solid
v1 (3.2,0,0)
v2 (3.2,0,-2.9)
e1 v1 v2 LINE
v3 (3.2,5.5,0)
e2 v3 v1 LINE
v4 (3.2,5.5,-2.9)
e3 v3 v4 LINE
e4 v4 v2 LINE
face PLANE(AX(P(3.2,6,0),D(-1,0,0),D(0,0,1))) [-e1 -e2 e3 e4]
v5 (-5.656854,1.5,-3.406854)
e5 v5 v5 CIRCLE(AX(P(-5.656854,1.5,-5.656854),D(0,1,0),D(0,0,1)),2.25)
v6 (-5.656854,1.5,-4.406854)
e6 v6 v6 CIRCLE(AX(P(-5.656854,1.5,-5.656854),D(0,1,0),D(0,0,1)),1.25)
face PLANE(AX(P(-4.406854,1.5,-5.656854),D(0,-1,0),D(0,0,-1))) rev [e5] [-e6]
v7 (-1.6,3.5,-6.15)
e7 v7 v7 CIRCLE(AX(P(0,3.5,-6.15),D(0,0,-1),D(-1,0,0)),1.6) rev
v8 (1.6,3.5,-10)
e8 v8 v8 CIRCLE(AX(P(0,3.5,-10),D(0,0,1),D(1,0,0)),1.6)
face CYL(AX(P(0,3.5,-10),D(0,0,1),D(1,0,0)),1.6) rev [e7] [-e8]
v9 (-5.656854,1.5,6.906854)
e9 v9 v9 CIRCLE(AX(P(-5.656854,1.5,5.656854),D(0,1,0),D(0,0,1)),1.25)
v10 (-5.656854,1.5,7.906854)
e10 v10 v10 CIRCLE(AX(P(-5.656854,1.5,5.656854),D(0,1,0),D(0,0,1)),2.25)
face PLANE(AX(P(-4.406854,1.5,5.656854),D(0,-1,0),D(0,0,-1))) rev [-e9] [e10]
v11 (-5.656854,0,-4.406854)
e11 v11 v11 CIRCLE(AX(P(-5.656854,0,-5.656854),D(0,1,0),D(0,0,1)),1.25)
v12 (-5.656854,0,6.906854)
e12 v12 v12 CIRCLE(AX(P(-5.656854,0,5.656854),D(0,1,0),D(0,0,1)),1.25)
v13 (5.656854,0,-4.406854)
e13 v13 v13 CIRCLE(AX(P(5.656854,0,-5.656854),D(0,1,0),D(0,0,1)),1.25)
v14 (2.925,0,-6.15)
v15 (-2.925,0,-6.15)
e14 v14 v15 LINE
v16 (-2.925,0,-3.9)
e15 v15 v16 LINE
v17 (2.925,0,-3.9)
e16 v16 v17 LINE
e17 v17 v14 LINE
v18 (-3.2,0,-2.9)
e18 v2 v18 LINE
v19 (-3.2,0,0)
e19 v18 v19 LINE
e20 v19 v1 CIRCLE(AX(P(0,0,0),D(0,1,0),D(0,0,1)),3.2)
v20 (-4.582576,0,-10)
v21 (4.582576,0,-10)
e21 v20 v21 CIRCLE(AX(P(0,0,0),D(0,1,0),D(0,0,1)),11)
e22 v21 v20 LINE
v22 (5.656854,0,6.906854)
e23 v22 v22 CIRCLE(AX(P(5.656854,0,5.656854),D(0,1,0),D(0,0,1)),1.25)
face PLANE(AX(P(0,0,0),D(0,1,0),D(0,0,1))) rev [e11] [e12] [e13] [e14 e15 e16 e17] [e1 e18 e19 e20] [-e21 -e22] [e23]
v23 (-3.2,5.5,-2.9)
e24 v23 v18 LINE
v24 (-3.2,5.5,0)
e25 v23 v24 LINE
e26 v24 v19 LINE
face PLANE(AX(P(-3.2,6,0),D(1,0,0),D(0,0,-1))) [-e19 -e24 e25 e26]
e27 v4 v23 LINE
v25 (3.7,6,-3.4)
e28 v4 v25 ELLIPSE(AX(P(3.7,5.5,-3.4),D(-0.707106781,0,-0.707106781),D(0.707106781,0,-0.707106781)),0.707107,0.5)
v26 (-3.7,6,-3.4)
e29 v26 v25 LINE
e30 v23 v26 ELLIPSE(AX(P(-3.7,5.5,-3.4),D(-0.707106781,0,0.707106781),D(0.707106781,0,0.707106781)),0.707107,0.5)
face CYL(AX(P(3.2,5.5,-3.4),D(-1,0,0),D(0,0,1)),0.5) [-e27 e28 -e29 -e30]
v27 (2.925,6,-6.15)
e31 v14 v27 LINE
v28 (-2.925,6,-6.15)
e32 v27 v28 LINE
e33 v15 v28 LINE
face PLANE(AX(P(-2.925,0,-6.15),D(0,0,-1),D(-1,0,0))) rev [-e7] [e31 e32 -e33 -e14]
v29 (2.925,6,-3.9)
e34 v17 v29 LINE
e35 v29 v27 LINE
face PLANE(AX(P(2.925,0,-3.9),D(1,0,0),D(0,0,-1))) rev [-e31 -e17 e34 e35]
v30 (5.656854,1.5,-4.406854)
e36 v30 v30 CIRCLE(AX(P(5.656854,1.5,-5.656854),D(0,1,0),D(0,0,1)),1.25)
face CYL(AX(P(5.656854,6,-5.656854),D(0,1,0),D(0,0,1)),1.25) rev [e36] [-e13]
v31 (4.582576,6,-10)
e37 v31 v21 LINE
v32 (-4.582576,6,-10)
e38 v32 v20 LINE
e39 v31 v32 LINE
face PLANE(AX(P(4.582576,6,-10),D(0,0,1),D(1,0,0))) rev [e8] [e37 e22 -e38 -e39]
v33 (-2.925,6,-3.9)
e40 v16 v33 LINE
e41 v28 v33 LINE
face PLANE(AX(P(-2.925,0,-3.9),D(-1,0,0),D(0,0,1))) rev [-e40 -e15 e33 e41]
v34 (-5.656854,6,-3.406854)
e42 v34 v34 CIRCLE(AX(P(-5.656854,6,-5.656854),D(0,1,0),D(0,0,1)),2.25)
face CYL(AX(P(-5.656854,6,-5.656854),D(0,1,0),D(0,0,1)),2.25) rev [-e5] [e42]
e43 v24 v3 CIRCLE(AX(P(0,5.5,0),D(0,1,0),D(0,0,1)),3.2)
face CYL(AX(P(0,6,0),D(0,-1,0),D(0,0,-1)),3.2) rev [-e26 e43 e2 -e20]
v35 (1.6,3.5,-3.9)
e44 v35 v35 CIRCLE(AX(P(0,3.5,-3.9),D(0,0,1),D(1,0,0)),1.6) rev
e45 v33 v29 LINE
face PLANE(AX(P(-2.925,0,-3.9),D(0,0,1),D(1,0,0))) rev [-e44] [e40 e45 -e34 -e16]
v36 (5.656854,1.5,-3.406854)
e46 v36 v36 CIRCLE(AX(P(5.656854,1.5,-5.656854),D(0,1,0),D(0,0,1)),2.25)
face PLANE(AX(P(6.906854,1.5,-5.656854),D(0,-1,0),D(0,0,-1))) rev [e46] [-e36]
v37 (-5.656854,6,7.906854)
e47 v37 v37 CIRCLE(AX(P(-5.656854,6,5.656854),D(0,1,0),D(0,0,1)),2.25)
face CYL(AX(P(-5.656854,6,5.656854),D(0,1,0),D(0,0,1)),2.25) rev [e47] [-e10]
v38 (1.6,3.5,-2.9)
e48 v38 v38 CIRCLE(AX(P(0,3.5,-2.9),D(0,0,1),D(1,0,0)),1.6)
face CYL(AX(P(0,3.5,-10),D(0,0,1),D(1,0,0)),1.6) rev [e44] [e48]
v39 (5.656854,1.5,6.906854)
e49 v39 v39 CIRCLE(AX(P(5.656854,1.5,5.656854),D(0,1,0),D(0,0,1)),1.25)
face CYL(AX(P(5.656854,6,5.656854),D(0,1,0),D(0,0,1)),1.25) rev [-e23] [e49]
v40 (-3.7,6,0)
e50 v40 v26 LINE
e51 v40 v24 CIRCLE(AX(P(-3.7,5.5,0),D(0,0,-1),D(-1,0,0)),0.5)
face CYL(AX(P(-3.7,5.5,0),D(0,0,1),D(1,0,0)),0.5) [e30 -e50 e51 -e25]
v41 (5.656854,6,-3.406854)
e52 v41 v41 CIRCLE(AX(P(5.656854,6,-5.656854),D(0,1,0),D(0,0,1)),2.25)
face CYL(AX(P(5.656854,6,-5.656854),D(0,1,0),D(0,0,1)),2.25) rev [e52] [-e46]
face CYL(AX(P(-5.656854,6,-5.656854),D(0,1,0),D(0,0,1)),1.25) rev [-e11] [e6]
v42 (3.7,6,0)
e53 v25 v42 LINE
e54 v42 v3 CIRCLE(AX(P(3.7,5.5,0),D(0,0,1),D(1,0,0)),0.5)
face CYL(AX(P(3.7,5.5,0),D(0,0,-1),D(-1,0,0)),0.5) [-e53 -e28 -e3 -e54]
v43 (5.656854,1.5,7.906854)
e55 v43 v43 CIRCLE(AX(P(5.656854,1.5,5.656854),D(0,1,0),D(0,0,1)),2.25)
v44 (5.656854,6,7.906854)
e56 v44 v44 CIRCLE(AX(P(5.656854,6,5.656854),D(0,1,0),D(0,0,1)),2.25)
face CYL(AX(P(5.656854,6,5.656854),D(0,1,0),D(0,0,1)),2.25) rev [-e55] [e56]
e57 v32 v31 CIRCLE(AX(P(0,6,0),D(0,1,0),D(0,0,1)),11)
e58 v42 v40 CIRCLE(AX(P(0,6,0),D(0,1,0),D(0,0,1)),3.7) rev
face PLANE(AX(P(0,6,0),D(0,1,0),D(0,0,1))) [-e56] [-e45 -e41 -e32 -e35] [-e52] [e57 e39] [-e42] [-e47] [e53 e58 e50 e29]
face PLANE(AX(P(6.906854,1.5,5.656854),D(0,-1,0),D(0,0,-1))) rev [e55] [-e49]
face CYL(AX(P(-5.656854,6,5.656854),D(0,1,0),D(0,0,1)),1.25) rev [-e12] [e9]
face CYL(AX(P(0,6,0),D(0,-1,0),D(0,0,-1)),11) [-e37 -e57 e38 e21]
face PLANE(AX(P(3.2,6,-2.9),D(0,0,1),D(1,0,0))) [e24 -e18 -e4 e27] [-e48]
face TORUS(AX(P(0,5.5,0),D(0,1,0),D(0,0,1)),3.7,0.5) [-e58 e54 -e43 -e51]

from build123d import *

# Parameters (mm, degrees)
BOSS_EXTRU_1_DEPTH                              = 6
CHAMBRAGE_POUR_VIS_T_TE_CYLINDRIQUE_D           = 2.5
CHAMBRAGE_POUR_VIS_T_TE_CYLINDRIQUE_CBORE_D     = 4.5
CHAMBRAGE_POUR_VIS_T_TE_CYLINDRIQUE_CBORE_DEPTH = 4.5
CONG_1_R                                        = 0.5
ESQUISSE6_R                                     = 1.6
ENL_V_MAT_EXTRU_1_DEPTH                         = 17.673332037
ESQUISSE7_W                                     = 5.85
ESQUISSE7_H                                     = 2.25
ENL_V_MAT_EXTRU_2_DEPTH                         = 17.673332001


with BuildPart() as part:
    # Esquisse1 → Boss.-Extru.1 (new body)
    with BuildSketch(Plane(origin=(0, 0, 0), x_dir=(1, 0, 0), z_dir=(0, 1, 0))):
        with BuildLine():
            Line((4.582575695, 10), (-4.582575695, 10))
            ThreePointArc((-4.582575695, 10), (0, -11), (4.582575695, 10))
        make_face()
        with BuildLine():
            Line((-3.2, 0), (-3.2, 2.9))
            Line((-3.2, 2.9), (3.2, 2.9))
            Line((3.2, 2.9), (3.2, 0))
            ThreePointArc((3.2, 0), (0, -3.2), (-3.2, 0))
        make_face(mode=Mode.SUBTRACT)
    extrude(amount=BOSS_EXTRU_1_DEPTH)

    # Chambrage pour vis à tête cylindrique à 6 pans creux (ou vis CHC) M21 (through all)
    with Locations(Plane(origin=(0, 6, 0), x_dir=(1, 0, 0), z_dir=(0, 1, 0))):
        with Locations((5.656854249, 5.656854249), (5.656854249, -5.656854249), (-5.656854249, -5.656854249), (-5.656854249, 5.656854249), (0, 0)):
            CounterBoreHole(CHAMBRAGE_POUR_VIS_T_TE_CYLINDRIQUE_D / 2, CHAMBRAGE_POUR_VIS_T_TE_CYLINDRIQUE_CBORE_D / 2, CHAMBRAGE_POUR_VIS_T_TE_CYLINDRIQUE_CBORE_DEPTH)

    # Congé1
    cong_1_edges = [part.edges().sort_by_distance(p)[0] for p in [
        (0, 6, 3.2),
        (3.2, 6, -1.45),
        (0, 6, -2.9),
        (-3.2, 6, -1.45),
    ]]
    fillet(cong_1_edges, radius=CONG_1_R)

    # Esquisse6 → Enlèv. mat.-Extru.1 (cut, through all)
    with BuildSketch(Plane.XY):
        with Locations((0, 3.5)):
            Circle(ESQUISSE6_R)
    extrude(amount=-ENL_V_MAT_EXTRU_1_DEPTH, mode=Mode.SUBTRACT)

    # Esquisse7 → Enlèv. mat.-Extru.2 (cut, through all)
    with BuildSketch(Plane(origin=(0, 6, 0), x_dir=(1, 0, 0), z_dir=(0, 1, 0))):
        with Locations((0, 5.025)):
            Rectangle(ESQUISSE7_W, ESQUISSE7_H)
    extrude(amount=-ENL_V_MAT_EXTRU_2_DEPTH, mode=Mode.SUBTRACT)


solid = part.part
